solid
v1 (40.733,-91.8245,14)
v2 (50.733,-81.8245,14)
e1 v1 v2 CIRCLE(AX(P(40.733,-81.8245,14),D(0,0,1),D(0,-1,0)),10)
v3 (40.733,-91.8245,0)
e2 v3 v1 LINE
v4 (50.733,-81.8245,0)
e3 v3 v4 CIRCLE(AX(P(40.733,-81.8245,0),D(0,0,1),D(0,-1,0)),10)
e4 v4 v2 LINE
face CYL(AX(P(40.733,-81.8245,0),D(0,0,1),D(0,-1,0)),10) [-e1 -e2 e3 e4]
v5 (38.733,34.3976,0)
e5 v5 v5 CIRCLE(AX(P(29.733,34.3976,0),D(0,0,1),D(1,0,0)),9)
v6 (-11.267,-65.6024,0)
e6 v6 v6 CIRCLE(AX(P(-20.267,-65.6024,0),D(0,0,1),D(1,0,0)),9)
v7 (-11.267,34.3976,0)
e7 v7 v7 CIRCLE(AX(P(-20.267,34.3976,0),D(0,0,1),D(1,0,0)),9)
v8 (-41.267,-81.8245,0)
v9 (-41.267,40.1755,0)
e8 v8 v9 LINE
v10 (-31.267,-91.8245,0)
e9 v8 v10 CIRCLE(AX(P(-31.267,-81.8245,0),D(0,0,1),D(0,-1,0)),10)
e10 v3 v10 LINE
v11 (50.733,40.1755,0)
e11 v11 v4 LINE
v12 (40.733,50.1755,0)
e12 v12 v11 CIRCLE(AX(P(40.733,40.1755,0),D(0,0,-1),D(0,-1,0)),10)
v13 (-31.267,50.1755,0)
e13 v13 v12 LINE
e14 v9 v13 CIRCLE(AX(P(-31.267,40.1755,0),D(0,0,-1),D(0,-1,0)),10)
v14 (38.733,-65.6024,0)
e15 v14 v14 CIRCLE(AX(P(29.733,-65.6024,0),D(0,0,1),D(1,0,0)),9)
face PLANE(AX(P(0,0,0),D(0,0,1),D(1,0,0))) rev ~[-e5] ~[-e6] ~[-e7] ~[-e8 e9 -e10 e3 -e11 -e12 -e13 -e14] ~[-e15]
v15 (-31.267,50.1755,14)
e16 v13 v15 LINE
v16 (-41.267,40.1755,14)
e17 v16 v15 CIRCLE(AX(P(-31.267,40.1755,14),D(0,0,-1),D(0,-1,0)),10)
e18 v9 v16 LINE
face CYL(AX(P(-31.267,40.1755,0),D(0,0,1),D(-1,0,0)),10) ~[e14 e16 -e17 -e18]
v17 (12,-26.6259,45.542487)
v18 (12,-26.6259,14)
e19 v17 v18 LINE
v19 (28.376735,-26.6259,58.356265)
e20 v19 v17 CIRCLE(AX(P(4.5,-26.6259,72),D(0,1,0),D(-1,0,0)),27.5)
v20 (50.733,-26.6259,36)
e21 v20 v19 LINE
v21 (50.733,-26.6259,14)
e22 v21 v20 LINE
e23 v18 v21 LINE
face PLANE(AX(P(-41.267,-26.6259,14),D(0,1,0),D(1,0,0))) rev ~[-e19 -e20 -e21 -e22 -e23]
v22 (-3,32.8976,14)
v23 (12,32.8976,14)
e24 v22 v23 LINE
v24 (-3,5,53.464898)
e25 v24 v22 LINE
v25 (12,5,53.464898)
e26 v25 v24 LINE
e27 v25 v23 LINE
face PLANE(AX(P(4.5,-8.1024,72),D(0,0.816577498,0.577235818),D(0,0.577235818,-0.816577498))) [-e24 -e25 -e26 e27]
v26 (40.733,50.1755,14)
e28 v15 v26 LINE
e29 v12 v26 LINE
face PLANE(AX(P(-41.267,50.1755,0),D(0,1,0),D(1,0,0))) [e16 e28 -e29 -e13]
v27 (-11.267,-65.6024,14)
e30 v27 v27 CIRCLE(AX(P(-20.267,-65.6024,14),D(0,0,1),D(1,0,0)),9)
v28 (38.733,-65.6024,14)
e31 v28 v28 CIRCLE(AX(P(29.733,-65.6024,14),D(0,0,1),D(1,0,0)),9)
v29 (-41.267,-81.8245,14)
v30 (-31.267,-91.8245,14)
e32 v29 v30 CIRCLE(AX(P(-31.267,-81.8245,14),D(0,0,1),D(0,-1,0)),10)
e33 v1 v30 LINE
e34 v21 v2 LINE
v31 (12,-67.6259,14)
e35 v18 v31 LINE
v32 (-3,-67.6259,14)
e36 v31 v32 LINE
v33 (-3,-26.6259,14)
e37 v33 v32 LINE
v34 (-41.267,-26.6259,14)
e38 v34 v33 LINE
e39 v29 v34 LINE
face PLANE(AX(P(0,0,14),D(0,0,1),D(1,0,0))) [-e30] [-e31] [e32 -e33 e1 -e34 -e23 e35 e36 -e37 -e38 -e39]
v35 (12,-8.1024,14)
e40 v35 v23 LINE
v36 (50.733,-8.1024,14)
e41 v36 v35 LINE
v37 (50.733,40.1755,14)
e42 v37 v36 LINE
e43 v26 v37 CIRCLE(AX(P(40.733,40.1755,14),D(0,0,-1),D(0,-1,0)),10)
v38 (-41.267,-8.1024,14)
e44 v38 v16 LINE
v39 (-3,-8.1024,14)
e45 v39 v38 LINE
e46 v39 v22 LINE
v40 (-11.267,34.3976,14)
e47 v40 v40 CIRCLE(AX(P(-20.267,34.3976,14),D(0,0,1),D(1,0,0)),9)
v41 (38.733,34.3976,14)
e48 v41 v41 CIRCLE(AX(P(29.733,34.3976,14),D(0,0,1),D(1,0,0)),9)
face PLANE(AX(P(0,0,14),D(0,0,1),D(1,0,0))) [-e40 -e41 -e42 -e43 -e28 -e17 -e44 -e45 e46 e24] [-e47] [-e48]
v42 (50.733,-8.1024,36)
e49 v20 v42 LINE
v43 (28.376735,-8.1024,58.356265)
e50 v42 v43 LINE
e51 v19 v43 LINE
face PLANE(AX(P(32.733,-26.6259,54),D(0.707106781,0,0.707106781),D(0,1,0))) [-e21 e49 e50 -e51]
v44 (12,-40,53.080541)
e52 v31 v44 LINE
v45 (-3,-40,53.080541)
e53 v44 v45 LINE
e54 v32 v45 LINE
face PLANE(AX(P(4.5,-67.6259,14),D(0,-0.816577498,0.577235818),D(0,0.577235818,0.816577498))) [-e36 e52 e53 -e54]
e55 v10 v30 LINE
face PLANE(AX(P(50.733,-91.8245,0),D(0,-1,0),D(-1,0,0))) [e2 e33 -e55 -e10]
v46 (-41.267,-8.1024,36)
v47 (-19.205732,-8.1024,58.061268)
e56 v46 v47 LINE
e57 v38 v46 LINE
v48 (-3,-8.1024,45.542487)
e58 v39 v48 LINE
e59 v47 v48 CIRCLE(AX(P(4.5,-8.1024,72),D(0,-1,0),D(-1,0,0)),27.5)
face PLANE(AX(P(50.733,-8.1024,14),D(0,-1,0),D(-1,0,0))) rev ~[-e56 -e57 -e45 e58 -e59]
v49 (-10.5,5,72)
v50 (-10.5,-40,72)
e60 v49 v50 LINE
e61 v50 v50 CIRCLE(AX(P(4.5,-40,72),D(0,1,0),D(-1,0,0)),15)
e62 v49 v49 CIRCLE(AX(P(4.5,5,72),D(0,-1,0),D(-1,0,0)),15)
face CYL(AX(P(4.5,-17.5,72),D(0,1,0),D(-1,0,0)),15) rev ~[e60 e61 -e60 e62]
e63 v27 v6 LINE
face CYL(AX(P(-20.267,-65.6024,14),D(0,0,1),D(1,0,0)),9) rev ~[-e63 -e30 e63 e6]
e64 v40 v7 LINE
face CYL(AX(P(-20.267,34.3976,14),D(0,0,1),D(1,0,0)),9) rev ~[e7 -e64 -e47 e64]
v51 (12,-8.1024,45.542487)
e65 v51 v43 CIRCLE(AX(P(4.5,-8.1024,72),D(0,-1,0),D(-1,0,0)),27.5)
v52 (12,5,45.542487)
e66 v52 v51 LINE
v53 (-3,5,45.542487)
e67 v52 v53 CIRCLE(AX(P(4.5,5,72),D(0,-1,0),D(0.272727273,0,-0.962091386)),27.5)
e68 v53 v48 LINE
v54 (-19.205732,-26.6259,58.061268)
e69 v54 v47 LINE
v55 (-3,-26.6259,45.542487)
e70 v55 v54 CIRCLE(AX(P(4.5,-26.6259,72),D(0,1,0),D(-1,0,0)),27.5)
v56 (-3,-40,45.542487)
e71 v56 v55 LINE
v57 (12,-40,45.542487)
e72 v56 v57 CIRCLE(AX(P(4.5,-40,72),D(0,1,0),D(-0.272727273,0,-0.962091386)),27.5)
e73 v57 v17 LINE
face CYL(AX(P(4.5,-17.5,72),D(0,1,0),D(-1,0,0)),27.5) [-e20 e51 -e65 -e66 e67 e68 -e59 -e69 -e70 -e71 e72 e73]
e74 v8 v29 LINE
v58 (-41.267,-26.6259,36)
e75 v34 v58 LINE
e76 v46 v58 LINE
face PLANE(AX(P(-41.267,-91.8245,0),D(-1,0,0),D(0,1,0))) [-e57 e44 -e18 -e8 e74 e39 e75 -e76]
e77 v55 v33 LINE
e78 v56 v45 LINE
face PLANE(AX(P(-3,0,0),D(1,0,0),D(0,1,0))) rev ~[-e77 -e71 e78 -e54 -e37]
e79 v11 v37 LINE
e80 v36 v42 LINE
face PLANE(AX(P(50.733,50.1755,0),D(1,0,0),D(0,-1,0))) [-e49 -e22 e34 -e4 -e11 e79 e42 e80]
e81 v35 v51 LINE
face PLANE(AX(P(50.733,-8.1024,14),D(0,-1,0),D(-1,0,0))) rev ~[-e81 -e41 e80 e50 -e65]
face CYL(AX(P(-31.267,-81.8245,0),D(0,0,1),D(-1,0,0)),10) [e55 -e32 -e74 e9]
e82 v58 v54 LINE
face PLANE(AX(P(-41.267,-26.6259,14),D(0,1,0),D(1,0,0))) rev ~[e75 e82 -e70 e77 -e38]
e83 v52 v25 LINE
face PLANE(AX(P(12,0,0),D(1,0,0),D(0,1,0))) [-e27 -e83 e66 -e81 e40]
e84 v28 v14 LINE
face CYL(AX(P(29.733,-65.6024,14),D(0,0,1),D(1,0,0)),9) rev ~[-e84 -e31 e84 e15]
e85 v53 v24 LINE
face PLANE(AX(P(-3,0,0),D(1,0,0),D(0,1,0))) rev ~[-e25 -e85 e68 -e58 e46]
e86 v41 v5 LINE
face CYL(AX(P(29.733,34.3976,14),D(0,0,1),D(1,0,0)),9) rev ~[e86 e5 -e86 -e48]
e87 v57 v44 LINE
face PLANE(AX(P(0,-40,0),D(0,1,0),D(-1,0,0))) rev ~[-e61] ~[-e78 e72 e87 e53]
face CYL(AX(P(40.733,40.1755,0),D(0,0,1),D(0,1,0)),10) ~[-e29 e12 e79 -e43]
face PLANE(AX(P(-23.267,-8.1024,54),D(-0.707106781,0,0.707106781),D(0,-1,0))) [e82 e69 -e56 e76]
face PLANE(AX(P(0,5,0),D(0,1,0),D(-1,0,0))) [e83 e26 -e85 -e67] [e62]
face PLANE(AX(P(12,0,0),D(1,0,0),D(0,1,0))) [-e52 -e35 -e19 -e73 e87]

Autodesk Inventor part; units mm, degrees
sketch "Sketch1" plane through (0, 0, 0) normal (0, 0, 1) x (1, 0, 0)
  line L0 (-41.267, 50.1755) -> (50.733, 50.1755)
  line L1 (50.733, 50.1755) -> (50.733, -91.8245)
  line L2 (50.733, -91.8245) -> (-41.267, -91.8245)
  line L3 (-41.267, -91.8245) -> (-41.267, 50.1755)
  point P0 (0, 0)
  dimension "d0" = 142
  dimension "d1" = 92
extrude "Extrusion1" add sketch "Sketch1" along normal blind 14
sketch "Sketch2" plane through (0, 0, 14) normal (0, 0, 1) x (1, 0, 0)
  line L0 (50.733, 50.1755) -> (-41.267, 50.1755) projected
  line L1 (-41.267, -91.8245) -> (50.733, -91.8245) projected
  line L2 (50.733, -91.8245) -> (50.733, 50.1755) projected
  line L3 (50.733, 50.1755) -> (-41.267, 50.1755) projected
  line L4 (-41.267, 50.1755) -> (-41.267, -91.8245) projected
  circle A0 centre (29.733, 34.3976) radius 9
  circle A1 centre (-20.267, 34.3976) radius 9
  circle A2 centre (-20.267, -65.6024) radius 9
  circle A3 centre (29.733, -65.6024) radius 9
  point P0 (0, 0)
  point P1 (-20.267, 50.1755)
  point P2 (29.733, 50.1755)
  point P3 (50.733, 29.1755)
  point P4 (-41.267, 29.1755)
  point P5 (-41.267, 29.1755)
  point P6 (-20.267, 50.1755)
  point P7 (50.733, 29.1755)
  dimension "d5" = 21
  dimension "d6" = 21
  dimension "d7" = 50
  dimension "d8" = 21
  dimension "d9" = 21
  dimension "d13" = 18
  dimension "d14" = 18
  dimension "d15" = 100
  dimension "d16" = 100
  dimension "d17" = 18
  dimension "d18" = 18
extrude "Extrusion2" cut sketch "Sketch2" against normal through all contours A0 | A1 | A2 | A3
sketch "Sketch3" plane through (0, 0, 14) normal (0, 0, 1) x (1, 0, 0)
  circle A0 centre (-20.267, 34.3976) radius 9 projected
  circle A1 centre (29.733, 34.3976) radius 9 projected
  line L0 (50.733, -91.8245) -> (50.733, 50.1755) projected
  line L1 (-41.267, 50.1755) -> (-41.267, -91.8245) projected
  line L2 (50.733, -8.1024) -> (-41.267, -8.1024)
  line L3 (-41.267, -8.1024) -> (-41.267, -26.6259)
  line L4 (-41.267, -26.6259) -> (50.733, -26.6259)
  line L5 (50.733, -26.6259) -> (50.733, -8.1024)
  point P0 (0, 0)
  point P1 (-20.267, -8.1024)
  point P2 (31.8821, -8.1024)
  point P3 (50.733, -81.8245)
  point P4 (50.733, 40.1755)
  point P5 (-41.267, 40.1755)
  point P6 (-41.267, -81.8245)
  dimension "d22" = 42.5
  dimension "d23" = 42.5
  dimension "d54" = 92
  dimension "d55" = 92
extrude "Extrusion5" add sketch "Sketch3" along normal blind 58 contours L4 L1 L2 L0
chamfer "Chamfer1" distance 36 angle 45 2 edges at (50.733, -17.3641, 72) (-41.267, -17.3641, 72)
sketch "Sketch10" plane through (-41.267, -8.1024, 14) normal (0, 1, 0) x (1, 0, 0)
  line L0 (92, 0) -> (92, -22) projected
  line L1 (0, 0) -> (92, 0) projected
  point P0 (41.267, 14)
sketch "Sketch11" plane through (-41.267, -26.6259, 14) normal (0, -1, 0) x (1, 0, 0)
  line L0 (92, 0) -> (0, 0) projected
  line L1 (36, 58) -> (56, 58) projected
  point P0 (41.267, -14)
  point P1 (46, 58)
  point P2 (46, 0)
  dimension "d64" = 46
  dimension "d65" = 46
ref_plane "Work Plane6" through (4.5, 0, 0) normal (1, 0, 0) x (0, 1, 0)
sketch "Sketch12" plane through (4.5, 0, 0) normal (1, 0, 0) x (0, 1, 0)
  line L0 (-8.1024, 14) -> (32.8976, 14)
  line L1 (-8.1024, 14) -> (-8.1024, 72)
  line L2 (-8.1024, 72) -> (32.8976, 14)
  line L3 (-26.6259, 14) -> (-67.6259, 14)
  line L4 (-67.6259, 14) -> (-26.6259, 72)
  line L5 (-26.6259, 72) -> (-26.6259, 14)
  point P0 (0, 0)
  dimension "d67" = 41
  dimension "d68" = 41
extrude "Extrusion6" add sketch "Sketch12" along normal mid plane 15
sketch "Sketch13" plane through (0, 0, 0) normal (0, 1, 0) x (-1, 0, 0)
  point P0 (0, 0)
ref_plane "Work Plane7" through (0, -17.5, 0) normal (0, 1, 0) x (-1, 0, 0)
sketch "Sketch14" plane through (0, -17.5, 0) normal (0, 1, 0) x (-1, 0, 0)
  line L0 (3, 72) -> (-12, 72) projected
  circle A0 centre (-4.5, 72) radius 27.5
  circle A1 centre (-4.5, 72) radius 15
  point P0 (0, 0)
  dimension "d72" = 55
  dimension "d73" = 30
extrude "Extrusion7" add sketch "Sketch14" along normal mid plane 45
ref_plane "Work Plane8" through (0, 0, 15.25) normal (0, 0, 1) x (1, 0, 0)
sketch "Sketch18" plane through (0, 0, 15.25) normal (0, 0, 1) x (1, 0, 0)
  line L0 (-41.267, 50.1755) -> (-41.267, -91.8245) projected
  point P0 (0, 0)
  point P1 (-41.267, -16.0035)
  dimension "d77" = 66.179
  dimension "d78" = 75.821
sketch "Sketch19" plane through (0, 5, 0) normal (0, 1, 0) x (1, 0, 0)
  circle A0 centre (4.5, -72) radius 15 projected
  point P0 (0, 0)
extrude "Extrusion8" cut sketch "Sketch19" against normal blind 45
fillet "Fillet3" radius 10 4 edges at (50.733, -91.8245, 7) (-41.267, 50.1755, 7) (50.733, 50.1755, 7) (-41.267, -91.8245, 7)
properties material "Nickel-Copper Alloy 400"
